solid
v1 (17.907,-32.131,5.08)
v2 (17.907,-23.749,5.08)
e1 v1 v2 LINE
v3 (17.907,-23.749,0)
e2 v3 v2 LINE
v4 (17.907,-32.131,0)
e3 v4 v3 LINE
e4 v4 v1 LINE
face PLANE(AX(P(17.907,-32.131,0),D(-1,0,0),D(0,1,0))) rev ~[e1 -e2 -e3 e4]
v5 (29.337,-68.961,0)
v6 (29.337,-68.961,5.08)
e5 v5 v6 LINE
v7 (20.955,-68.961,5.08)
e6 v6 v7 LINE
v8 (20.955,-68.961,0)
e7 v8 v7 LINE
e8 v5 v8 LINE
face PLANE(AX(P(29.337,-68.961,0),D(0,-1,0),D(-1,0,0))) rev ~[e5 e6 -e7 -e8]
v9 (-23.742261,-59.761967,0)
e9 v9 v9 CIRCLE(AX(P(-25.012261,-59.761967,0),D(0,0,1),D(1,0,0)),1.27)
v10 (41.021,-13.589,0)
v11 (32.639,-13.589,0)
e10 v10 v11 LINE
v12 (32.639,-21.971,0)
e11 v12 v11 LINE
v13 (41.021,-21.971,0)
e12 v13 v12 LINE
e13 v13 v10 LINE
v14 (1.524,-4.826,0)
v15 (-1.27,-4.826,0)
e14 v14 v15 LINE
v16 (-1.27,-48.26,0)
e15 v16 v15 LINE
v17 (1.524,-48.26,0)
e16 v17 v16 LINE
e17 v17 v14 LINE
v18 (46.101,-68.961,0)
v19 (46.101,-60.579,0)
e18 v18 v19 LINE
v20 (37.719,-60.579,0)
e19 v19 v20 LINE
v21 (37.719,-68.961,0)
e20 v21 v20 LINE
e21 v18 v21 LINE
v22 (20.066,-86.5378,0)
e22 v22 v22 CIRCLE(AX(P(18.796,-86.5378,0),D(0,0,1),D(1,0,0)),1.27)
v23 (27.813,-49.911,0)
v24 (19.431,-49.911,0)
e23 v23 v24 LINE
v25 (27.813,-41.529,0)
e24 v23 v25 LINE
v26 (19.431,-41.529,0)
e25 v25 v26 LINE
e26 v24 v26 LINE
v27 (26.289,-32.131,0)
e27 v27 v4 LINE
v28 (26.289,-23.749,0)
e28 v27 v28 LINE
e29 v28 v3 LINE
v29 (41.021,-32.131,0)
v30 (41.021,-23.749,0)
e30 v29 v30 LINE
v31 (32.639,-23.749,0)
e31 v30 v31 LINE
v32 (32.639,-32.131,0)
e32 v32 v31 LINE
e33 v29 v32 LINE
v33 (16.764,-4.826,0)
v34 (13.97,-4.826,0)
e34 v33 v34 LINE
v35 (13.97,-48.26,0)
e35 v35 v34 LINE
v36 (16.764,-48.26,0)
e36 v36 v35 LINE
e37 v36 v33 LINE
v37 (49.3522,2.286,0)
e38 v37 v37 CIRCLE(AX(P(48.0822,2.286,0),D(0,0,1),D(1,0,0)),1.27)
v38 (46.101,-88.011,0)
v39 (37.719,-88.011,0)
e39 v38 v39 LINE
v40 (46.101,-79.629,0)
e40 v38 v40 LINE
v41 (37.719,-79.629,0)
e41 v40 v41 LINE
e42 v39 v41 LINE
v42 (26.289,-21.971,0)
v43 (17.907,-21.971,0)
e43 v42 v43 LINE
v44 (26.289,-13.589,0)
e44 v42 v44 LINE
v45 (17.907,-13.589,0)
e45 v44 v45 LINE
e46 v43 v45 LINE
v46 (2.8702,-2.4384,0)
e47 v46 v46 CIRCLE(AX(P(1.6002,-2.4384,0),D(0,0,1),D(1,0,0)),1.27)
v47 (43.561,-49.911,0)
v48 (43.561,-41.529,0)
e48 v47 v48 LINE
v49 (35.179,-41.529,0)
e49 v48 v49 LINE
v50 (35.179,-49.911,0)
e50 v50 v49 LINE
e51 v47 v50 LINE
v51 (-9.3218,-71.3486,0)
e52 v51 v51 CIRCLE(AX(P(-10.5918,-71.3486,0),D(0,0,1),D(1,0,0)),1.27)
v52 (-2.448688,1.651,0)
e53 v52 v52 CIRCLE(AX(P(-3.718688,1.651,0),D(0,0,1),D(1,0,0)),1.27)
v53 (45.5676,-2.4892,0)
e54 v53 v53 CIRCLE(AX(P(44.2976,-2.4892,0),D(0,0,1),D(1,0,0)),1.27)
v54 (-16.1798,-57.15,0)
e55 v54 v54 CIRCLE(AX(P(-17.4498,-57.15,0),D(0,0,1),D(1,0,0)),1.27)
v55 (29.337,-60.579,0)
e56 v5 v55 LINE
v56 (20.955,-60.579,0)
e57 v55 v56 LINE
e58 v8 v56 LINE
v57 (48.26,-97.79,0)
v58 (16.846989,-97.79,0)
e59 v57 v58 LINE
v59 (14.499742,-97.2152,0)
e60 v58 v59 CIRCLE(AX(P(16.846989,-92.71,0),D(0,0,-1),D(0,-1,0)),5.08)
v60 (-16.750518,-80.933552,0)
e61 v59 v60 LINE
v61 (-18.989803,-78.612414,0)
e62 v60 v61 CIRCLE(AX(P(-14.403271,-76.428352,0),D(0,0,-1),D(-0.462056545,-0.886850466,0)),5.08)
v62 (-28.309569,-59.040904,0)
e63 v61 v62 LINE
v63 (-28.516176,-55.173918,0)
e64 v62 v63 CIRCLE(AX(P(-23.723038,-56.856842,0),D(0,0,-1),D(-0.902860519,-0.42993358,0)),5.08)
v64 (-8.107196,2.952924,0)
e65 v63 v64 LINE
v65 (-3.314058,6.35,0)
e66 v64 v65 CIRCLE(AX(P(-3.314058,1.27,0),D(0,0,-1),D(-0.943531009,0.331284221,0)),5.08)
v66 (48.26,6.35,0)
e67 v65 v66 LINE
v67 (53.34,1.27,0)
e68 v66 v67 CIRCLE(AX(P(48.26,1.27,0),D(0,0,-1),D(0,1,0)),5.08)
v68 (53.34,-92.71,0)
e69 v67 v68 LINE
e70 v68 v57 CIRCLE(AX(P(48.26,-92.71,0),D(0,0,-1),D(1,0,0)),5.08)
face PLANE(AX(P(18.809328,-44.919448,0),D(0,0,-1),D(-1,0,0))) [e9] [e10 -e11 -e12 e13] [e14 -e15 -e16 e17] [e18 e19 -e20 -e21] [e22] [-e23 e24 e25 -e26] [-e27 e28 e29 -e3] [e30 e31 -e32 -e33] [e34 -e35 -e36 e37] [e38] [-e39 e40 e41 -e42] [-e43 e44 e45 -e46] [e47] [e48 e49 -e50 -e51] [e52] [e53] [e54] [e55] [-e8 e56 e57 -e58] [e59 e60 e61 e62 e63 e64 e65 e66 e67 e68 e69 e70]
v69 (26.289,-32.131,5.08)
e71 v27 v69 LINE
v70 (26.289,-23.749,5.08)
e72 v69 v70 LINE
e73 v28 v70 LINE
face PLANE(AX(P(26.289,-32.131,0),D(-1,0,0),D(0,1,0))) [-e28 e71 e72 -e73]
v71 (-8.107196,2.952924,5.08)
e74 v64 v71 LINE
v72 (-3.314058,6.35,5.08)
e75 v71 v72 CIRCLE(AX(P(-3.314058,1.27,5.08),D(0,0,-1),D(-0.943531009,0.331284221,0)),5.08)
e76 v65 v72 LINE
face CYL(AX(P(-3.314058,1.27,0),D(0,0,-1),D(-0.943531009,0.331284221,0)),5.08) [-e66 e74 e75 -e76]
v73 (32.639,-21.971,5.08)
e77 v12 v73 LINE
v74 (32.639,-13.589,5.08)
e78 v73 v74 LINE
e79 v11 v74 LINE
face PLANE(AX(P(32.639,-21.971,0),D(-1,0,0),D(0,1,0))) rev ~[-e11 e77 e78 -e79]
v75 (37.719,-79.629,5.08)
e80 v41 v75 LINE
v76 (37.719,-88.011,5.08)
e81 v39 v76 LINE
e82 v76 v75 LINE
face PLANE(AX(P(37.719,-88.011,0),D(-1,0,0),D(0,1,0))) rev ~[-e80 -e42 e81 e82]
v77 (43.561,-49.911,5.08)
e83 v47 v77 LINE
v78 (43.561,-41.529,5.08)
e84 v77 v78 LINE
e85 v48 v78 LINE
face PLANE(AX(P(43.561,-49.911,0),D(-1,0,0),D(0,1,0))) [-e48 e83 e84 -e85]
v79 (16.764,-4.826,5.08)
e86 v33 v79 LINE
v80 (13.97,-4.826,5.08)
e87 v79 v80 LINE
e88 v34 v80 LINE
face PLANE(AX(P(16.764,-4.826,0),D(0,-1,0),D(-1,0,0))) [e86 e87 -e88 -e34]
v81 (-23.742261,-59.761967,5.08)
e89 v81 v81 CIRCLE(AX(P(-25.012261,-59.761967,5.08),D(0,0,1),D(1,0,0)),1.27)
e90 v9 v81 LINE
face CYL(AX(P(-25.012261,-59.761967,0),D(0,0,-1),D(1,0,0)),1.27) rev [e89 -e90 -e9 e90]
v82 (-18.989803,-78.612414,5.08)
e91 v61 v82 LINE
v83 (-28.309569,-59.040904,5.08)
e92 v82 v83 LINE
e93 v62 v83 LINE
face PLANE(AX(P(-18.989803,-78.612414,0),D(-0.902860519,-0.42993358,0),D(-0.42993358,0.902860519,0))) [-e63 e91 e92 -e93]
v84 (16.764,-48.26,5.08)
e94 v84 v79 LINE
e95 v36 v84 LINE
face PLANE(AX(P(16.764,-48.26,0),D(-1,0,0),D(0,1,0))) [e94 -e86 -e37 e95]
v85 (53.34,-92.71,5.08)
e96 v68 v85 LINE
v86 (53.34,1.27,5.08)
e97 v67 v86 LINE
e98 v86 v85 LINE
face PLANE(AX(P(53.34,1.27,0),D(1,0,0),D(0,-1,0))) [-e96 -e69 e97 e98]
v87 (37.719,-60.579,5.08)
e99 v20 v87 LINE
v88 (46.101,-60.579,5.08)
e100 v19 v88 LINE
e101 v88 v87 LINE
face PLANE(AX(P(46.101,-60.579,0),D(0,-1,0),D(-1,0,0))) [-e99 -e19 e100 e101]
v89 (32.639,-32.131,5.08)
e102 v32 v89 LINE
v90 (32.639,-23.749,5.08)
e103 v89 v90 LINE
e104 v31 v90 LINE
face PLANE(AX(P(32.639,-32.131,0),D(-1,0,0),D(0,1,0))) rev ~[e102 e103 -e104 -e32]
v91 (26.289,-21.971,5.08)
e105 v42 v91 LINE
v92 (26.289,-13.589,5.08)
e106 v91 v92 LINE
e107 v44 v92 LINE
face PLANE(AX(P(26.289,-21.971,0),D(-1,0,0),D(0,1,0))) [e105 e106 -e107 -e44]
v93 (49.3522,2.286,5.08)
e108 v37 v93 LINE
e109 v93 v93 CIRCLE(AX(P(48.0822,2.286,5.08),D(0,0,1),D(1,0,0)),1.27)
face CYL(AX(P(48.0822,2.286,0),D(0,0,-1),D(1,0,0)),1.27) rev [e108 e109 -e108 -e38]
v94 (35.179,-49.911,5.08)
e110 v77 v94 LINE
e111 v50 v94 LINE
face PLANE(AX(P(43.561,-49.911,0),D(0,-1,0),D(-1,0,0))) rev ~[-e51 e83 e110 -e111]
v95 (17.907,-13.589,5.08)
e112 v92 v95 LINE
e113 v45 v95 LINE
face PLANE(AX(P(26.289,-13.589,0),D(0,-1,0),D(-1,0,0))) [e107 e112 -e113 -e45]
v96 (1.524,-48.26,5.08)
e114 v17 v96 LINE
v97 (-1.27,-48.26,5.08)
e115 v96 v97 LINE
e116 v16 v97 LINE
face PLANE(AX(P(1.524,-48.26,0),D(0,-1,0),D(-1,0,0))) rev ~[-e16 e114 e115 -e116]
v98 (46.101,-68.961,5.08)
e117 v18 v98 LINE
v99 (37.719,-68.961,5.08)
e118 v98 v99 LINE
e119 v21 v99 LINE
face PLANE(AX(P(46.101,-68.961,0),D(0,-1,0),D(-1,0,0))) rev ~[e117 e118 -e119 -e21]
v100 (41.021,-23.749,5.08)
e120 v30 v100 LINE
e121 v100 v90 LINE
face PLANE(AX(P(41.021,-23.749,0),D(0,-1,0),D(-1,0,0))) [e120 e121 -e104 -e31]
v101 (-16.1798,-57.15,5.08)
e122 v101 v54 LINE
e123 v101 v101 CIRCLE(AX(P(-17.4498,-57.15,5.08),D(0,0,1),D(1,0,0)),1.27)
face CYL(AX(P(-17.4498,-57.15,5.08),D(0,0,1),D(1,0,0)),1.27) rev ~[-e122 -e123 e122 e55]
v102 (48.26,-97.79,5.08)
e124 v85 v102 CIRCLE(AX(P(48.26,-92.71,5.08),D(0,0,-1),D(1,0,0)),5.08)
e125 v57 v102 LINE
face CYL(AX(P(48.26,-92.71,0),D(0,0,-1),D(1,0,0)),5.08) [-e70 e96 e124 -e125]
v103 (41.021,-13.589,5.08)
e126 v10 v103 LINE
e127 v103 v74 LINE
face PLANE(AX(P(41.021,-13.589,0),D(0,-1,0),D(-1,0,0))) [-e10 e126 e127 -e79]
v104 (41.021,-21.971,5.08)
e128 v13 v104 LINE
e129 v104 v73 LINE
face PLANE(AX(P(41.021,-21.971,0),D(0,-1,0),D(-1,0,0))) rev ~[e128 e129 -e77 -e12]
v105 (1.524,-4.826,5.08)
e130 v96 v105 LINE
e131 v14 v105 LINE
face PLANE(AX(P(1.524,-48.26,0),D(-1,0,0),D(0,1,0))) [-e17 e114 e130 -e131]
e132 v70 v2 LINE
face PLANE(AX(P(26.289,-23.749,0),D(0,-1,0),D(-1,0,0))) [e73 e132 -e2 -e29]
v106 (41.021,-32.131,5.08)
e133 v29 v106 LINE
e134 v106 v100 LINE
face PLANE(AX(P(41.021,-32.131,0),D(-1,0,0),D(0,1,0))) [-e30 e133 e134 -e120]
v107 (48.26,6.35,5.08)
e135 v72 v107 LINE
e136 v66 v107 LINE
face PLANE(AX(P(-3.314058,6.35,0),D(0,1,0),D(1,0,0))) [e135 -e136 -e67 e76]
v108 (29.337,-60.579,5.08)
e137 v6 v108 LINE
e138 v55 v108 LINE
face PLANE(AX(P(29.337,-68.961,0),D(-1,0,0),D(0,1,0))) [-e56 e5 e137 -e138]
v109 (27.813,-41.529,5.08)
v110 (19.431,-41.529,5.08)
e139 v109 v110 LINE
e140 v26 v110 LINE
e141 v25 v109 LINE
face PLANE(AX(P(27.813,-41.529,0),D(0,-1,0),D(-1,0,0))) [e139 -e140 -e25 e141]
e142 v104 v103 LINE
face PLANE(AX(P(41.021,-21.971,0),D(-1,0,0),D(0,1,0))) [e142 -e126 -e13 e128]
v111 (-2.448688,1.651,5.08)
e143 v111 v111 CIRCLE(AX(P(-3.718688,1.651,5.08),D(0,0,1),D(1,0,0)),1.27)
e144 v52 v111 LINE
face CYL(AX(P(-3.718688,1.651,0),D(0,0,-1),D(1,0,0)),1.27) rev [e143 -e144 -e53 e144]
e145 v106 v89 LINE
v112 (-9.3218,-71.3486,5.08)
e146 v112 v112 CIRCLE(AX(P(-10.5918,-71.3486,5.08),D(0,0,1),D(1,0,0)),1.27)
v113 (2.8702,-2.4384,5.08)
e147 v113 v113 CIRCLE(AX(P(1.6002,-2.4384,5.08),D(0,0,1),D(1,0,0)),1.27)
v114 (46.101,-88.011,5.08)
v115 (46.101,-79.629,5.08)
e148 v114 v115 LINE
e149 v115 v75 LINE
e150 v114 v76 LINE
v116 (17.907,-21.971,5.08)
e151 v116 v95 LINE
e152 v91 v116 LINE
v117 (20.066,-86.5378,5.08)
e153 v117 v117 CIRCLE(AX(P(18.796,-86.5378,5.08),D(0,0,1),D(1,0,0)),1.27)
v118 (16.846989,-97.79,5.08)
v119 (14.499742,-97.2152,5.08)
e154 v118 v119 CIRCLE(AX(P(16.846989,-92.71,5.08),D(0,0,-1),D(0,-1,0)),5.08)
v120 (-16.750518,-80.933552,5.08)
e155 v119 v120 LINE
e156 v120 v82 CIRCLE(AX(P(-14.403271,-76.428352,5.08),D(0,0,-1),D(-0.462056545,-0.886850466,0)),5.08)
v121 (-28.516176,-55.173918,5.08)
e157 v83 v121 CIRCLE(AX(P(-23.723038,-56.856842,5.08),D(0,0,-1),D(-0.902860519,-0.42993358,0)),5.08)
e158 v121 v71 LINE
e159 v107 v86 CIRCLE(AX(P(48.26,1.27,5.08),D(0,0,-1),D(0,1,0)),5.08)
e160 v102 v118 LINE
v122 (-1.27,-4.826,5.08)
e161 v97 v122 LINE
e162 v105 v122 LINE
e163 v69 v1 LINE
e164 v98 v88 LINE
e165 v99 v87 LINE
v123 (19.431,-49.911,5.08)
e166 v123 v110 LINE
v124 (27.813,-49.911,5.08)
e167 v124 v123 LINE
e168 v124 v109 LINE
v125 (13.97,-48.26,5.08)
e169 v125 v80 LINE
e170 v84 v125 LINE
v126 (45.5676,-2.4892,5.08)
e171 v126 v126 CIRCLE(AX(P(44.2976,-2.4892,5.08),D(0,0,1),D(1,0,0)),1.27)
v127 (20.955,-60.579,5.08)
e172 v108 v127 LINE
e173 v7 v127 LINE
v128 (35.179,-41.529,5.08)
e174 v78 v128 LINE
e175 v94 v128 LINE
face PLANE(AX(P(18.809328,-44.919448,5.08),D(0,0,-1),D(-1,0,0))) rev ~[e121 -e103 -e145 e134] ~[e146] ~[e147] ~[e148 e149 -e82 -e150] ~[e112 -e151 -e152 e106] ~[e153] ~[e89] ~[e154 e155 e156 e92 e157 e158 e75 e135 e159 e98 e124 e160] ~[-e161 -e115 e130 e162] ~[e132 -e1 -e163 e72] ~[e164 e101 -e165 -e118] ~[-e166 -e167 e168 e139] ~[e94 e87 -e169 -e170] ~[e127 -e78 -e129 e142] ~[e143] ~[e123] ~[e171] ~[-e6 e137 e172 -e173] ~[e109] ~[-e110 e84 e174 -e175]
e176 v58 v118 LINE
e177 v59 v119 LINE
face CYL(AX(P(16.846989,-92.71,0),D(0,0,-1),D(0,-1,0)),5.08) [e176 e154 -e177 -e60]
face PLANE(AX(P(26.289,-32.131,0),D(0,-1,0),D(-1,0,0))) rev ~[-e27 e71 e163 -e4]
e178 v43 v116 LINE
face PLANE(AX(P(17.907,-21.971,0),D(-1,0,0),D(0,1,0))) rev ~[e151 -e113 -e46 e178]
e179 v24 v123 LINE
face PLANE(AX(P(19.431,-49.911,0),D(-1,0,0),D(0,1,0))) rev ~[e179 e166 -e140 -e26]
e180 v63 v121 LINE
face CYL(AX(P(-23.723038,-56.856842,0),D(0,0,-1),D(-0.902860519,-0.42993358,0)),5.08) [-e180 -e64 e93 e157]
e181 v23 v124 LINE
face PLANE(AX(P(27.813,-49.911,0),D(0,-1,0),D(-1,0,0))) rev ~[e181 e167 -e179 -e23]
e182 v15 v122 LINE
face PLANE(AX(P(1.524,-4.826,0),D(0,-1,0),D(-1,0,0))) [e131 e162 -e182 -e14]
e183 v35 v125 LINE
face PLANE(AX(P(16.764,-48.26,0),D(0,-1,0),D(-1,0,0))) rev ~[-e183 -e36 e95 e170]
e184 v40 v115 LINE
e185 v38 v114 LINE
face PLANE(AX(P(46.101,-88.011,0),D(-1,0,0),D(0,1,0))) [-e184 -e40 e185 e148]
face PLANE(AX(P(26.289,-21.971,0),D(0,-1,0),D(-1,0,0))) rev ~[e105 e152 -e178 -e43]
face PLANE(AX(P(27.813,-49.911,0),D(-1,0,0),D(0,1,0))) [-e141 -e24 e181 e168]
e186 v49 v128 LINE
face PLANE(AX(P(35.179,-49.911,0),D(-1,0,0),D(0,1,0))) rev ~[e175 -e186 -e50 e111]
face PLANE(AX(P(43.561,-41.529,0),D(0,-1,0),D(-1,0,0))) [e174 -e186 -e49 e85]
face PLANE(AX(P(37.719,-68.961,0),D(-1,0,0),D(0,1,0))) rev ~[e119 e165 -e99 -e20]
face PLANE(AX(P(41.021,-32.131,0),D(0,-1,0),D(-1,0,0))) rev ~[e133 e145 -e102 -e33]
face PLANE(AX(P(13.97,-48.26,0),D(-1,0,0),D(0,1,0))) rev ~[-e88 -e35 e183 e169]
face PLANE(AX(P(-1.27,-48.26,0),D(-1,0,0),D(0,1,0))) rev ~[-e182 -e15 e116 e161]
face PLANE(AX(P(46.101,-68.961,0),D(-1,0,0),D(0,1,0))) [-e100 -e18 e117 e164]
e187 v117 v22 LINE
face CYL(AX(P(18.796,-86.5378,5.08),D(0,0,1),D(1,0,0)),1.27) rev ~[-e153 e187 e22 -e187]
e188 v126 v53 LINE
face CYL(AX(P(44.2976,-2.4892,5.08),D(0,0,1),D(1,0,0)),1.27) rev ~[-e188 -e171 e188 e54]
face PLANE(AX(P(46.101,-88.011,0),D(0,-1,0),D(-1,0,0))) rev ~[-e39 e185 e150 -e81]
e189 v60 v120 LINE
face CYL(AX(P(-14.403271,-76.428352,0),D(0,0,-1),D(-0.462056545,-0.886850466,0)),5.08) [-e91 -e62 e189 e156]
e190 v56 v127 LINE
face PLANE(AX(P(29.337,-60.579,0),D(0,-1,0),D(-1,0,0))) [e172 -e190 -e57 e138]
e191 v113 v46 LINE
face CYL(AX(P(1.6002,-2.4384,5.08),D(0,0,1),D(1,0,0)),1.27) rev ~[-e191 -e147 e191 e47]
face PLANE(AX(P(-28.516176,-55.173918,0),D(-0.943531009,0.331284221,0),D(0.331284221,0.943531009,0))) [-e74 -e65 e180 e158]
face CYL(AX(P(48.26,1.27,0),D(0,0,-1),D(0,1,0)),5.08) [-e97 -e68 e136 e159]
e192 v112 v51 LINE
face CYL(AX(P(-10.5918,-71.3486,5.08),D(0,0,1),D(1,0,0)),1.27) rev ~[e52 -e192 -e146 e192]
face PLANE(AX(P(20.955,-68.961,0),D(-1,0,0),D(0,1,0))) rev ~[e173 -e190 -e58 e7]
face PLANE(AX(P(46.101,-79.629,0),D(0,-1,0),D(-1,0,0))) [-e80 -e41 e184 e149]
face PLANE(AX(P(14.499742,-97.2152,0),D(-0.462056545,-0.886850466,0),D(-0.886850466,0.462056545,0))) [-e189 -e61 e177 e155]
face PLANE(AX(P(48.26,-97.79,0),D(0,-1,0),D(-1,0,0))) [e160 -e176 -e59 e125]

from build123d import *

# Parameters (mm, degrees)
SKETCH1_R           = 1.27
BOSS_EXTRUDE1_DEPTH = 5.08
SKETCH5_W           = 8.382
SKETCH5_H           = 8.382
SKETCH5_W_2         = 2.794
SKETCH5_H_2         = 43.434
CUT_EXTRUDE1_DEPTH  = 6.08
SKETCH7_R           = 1.27
CUT_EXTRUDE3_DEPTH  = 6.08


with BuildPart() as part:
    # Sketch1 → Boss-Extrude1 (new body)
    with BuildSketch(Plane.XY):
        with BuildLine():
            Line((-3.314058103, 6.35), (48.26, 6.35))
            ThreePointArc((48.26, 6.35), (51.852102448, 4.862102448), (53.34, 1.27))
            Line((53.34, 1.27), (53.34, -92.71))
            ThreePointArc((53.34, -92.71), (51.852102448, -96.302102448), (48.26, -97.79))
            Line((48.26, -97.79), (16.846989059, -97.79))
            ThreePointArc((16.846989059, -97.79), (15.638688158, -97.644208035), (14.499741809, -97.215200367))
            Line((14.499741809, -97.215200367), (-16.7505185, -80.933552139))
            ThreePointArc((-16.7505185, -80.933552139), (-18.059258376, -79.955412607), (-18.989802686, -78.61241436))
            Line((-18.989802686, -78.61241436), (-28.309569459, -59.040904135))
            ThreePointArc((-28.309569459, -59.040904135), (-28.795802898, -57.127870198), (-28.51617555, -55.173917704))
            Line((-28.51617555, -55.173917704), (-8.107195629, 2.952923842))
            ThreePointArc((-8.107195629, 2.952923842), (-6.251501454, 5.414614163), (-3.314058103, 6.35))
        make_face()
        with Locations((48.0822, 2.286)):
            Circle(SKETCH1_R, mode=Mode.SUBTRACT)
        with Locations((-3.718687848, 1.651)):
            Circle(SKETCH1_R, mode=Mode.SUBTRACT)
        with Locations((-25.012261453, -59.761967182)):
            Circle(SKETCH1_R, mode=Mode.SUBTRACT)
    extrude(amount=BOSS_EXTRUDE1_DEPTH)

    # Sketch5 → Cut-Extrude1 (cut, through all)
    with BuildSketch(Plane(origin=(0, 0, 0), x_dir=(-1, 0, 0), z_dir=(0, 0, -1))):
        with Locations((-36.83, -17.78)):
            Rectangle(SKETCH5_W, SKETCH5_H)
        with Locations((-39.37, -45.72)):
            Rectangle(SKETCH5_W, SKETCH5_H)
        with Locations((-36.83, -27.94)):
            Rectangle(SKETCH5_W, SKETCH5_H)
        with Locations((-41.91, -64.77)):
            Rectangle(SKETCH5_W, SKETCH5_H)
        with Locations((-41.91, -83.82)):
            Rectangle(SKETCH5_W, SKETCH5_H)
        with Locations((-22.098, -17.78)):
            Rectangle(SKETCH5_W, SKETCH5_H)
        with Locations((-22.098, -27.94)):
            Rectangle(SKETCH5_W, SKETCH5_H)
        with Locations((-23.622, -45.72)):
            Rectangle(SKETCH5_W, SKETCH5_H)
        with Locations((-25.146, -64.77)):
            Rectangle(SKETCH5_W, SKETCH5_H)
        with Locations((-15.367, -26.543)):
            Rectangle(SKETCH5_W_2, SKETCH5_H_2)
        with Locations((-0.127, -26.543)):
            Rectangle(SKETCH5_W_2, SKETCH5_H_2)
    extrude(amount=-CUT_EXTRUDE1_DEPTH, mode=Mode.SUBTRACT)

    # Sketch7 → Cut-Extrude3 (cut, through all)
    with BuildSketch(Plane.XY.offset(5.08)):
        with Locations((44.2976, -2.4892)):
            Circle(SKETCH7_R)
        with Locations((1.6002, -2.4384)):
            Circle(SKETCH7_R)
        with Locations((-17.4498, -57.15)):
            Circle(SKETCH7_R)
        with Locations((-10.5918, -71.3486)):
            Circle(SKETCH7_R)
        with Locations((18.796, -86.5378)):
            Circle(SKETCH7_R)
    extrude(amount=-CUT_EXTRUDE3_DEPTH, mode=Mode.SUBTRACT)


solid = part.part
